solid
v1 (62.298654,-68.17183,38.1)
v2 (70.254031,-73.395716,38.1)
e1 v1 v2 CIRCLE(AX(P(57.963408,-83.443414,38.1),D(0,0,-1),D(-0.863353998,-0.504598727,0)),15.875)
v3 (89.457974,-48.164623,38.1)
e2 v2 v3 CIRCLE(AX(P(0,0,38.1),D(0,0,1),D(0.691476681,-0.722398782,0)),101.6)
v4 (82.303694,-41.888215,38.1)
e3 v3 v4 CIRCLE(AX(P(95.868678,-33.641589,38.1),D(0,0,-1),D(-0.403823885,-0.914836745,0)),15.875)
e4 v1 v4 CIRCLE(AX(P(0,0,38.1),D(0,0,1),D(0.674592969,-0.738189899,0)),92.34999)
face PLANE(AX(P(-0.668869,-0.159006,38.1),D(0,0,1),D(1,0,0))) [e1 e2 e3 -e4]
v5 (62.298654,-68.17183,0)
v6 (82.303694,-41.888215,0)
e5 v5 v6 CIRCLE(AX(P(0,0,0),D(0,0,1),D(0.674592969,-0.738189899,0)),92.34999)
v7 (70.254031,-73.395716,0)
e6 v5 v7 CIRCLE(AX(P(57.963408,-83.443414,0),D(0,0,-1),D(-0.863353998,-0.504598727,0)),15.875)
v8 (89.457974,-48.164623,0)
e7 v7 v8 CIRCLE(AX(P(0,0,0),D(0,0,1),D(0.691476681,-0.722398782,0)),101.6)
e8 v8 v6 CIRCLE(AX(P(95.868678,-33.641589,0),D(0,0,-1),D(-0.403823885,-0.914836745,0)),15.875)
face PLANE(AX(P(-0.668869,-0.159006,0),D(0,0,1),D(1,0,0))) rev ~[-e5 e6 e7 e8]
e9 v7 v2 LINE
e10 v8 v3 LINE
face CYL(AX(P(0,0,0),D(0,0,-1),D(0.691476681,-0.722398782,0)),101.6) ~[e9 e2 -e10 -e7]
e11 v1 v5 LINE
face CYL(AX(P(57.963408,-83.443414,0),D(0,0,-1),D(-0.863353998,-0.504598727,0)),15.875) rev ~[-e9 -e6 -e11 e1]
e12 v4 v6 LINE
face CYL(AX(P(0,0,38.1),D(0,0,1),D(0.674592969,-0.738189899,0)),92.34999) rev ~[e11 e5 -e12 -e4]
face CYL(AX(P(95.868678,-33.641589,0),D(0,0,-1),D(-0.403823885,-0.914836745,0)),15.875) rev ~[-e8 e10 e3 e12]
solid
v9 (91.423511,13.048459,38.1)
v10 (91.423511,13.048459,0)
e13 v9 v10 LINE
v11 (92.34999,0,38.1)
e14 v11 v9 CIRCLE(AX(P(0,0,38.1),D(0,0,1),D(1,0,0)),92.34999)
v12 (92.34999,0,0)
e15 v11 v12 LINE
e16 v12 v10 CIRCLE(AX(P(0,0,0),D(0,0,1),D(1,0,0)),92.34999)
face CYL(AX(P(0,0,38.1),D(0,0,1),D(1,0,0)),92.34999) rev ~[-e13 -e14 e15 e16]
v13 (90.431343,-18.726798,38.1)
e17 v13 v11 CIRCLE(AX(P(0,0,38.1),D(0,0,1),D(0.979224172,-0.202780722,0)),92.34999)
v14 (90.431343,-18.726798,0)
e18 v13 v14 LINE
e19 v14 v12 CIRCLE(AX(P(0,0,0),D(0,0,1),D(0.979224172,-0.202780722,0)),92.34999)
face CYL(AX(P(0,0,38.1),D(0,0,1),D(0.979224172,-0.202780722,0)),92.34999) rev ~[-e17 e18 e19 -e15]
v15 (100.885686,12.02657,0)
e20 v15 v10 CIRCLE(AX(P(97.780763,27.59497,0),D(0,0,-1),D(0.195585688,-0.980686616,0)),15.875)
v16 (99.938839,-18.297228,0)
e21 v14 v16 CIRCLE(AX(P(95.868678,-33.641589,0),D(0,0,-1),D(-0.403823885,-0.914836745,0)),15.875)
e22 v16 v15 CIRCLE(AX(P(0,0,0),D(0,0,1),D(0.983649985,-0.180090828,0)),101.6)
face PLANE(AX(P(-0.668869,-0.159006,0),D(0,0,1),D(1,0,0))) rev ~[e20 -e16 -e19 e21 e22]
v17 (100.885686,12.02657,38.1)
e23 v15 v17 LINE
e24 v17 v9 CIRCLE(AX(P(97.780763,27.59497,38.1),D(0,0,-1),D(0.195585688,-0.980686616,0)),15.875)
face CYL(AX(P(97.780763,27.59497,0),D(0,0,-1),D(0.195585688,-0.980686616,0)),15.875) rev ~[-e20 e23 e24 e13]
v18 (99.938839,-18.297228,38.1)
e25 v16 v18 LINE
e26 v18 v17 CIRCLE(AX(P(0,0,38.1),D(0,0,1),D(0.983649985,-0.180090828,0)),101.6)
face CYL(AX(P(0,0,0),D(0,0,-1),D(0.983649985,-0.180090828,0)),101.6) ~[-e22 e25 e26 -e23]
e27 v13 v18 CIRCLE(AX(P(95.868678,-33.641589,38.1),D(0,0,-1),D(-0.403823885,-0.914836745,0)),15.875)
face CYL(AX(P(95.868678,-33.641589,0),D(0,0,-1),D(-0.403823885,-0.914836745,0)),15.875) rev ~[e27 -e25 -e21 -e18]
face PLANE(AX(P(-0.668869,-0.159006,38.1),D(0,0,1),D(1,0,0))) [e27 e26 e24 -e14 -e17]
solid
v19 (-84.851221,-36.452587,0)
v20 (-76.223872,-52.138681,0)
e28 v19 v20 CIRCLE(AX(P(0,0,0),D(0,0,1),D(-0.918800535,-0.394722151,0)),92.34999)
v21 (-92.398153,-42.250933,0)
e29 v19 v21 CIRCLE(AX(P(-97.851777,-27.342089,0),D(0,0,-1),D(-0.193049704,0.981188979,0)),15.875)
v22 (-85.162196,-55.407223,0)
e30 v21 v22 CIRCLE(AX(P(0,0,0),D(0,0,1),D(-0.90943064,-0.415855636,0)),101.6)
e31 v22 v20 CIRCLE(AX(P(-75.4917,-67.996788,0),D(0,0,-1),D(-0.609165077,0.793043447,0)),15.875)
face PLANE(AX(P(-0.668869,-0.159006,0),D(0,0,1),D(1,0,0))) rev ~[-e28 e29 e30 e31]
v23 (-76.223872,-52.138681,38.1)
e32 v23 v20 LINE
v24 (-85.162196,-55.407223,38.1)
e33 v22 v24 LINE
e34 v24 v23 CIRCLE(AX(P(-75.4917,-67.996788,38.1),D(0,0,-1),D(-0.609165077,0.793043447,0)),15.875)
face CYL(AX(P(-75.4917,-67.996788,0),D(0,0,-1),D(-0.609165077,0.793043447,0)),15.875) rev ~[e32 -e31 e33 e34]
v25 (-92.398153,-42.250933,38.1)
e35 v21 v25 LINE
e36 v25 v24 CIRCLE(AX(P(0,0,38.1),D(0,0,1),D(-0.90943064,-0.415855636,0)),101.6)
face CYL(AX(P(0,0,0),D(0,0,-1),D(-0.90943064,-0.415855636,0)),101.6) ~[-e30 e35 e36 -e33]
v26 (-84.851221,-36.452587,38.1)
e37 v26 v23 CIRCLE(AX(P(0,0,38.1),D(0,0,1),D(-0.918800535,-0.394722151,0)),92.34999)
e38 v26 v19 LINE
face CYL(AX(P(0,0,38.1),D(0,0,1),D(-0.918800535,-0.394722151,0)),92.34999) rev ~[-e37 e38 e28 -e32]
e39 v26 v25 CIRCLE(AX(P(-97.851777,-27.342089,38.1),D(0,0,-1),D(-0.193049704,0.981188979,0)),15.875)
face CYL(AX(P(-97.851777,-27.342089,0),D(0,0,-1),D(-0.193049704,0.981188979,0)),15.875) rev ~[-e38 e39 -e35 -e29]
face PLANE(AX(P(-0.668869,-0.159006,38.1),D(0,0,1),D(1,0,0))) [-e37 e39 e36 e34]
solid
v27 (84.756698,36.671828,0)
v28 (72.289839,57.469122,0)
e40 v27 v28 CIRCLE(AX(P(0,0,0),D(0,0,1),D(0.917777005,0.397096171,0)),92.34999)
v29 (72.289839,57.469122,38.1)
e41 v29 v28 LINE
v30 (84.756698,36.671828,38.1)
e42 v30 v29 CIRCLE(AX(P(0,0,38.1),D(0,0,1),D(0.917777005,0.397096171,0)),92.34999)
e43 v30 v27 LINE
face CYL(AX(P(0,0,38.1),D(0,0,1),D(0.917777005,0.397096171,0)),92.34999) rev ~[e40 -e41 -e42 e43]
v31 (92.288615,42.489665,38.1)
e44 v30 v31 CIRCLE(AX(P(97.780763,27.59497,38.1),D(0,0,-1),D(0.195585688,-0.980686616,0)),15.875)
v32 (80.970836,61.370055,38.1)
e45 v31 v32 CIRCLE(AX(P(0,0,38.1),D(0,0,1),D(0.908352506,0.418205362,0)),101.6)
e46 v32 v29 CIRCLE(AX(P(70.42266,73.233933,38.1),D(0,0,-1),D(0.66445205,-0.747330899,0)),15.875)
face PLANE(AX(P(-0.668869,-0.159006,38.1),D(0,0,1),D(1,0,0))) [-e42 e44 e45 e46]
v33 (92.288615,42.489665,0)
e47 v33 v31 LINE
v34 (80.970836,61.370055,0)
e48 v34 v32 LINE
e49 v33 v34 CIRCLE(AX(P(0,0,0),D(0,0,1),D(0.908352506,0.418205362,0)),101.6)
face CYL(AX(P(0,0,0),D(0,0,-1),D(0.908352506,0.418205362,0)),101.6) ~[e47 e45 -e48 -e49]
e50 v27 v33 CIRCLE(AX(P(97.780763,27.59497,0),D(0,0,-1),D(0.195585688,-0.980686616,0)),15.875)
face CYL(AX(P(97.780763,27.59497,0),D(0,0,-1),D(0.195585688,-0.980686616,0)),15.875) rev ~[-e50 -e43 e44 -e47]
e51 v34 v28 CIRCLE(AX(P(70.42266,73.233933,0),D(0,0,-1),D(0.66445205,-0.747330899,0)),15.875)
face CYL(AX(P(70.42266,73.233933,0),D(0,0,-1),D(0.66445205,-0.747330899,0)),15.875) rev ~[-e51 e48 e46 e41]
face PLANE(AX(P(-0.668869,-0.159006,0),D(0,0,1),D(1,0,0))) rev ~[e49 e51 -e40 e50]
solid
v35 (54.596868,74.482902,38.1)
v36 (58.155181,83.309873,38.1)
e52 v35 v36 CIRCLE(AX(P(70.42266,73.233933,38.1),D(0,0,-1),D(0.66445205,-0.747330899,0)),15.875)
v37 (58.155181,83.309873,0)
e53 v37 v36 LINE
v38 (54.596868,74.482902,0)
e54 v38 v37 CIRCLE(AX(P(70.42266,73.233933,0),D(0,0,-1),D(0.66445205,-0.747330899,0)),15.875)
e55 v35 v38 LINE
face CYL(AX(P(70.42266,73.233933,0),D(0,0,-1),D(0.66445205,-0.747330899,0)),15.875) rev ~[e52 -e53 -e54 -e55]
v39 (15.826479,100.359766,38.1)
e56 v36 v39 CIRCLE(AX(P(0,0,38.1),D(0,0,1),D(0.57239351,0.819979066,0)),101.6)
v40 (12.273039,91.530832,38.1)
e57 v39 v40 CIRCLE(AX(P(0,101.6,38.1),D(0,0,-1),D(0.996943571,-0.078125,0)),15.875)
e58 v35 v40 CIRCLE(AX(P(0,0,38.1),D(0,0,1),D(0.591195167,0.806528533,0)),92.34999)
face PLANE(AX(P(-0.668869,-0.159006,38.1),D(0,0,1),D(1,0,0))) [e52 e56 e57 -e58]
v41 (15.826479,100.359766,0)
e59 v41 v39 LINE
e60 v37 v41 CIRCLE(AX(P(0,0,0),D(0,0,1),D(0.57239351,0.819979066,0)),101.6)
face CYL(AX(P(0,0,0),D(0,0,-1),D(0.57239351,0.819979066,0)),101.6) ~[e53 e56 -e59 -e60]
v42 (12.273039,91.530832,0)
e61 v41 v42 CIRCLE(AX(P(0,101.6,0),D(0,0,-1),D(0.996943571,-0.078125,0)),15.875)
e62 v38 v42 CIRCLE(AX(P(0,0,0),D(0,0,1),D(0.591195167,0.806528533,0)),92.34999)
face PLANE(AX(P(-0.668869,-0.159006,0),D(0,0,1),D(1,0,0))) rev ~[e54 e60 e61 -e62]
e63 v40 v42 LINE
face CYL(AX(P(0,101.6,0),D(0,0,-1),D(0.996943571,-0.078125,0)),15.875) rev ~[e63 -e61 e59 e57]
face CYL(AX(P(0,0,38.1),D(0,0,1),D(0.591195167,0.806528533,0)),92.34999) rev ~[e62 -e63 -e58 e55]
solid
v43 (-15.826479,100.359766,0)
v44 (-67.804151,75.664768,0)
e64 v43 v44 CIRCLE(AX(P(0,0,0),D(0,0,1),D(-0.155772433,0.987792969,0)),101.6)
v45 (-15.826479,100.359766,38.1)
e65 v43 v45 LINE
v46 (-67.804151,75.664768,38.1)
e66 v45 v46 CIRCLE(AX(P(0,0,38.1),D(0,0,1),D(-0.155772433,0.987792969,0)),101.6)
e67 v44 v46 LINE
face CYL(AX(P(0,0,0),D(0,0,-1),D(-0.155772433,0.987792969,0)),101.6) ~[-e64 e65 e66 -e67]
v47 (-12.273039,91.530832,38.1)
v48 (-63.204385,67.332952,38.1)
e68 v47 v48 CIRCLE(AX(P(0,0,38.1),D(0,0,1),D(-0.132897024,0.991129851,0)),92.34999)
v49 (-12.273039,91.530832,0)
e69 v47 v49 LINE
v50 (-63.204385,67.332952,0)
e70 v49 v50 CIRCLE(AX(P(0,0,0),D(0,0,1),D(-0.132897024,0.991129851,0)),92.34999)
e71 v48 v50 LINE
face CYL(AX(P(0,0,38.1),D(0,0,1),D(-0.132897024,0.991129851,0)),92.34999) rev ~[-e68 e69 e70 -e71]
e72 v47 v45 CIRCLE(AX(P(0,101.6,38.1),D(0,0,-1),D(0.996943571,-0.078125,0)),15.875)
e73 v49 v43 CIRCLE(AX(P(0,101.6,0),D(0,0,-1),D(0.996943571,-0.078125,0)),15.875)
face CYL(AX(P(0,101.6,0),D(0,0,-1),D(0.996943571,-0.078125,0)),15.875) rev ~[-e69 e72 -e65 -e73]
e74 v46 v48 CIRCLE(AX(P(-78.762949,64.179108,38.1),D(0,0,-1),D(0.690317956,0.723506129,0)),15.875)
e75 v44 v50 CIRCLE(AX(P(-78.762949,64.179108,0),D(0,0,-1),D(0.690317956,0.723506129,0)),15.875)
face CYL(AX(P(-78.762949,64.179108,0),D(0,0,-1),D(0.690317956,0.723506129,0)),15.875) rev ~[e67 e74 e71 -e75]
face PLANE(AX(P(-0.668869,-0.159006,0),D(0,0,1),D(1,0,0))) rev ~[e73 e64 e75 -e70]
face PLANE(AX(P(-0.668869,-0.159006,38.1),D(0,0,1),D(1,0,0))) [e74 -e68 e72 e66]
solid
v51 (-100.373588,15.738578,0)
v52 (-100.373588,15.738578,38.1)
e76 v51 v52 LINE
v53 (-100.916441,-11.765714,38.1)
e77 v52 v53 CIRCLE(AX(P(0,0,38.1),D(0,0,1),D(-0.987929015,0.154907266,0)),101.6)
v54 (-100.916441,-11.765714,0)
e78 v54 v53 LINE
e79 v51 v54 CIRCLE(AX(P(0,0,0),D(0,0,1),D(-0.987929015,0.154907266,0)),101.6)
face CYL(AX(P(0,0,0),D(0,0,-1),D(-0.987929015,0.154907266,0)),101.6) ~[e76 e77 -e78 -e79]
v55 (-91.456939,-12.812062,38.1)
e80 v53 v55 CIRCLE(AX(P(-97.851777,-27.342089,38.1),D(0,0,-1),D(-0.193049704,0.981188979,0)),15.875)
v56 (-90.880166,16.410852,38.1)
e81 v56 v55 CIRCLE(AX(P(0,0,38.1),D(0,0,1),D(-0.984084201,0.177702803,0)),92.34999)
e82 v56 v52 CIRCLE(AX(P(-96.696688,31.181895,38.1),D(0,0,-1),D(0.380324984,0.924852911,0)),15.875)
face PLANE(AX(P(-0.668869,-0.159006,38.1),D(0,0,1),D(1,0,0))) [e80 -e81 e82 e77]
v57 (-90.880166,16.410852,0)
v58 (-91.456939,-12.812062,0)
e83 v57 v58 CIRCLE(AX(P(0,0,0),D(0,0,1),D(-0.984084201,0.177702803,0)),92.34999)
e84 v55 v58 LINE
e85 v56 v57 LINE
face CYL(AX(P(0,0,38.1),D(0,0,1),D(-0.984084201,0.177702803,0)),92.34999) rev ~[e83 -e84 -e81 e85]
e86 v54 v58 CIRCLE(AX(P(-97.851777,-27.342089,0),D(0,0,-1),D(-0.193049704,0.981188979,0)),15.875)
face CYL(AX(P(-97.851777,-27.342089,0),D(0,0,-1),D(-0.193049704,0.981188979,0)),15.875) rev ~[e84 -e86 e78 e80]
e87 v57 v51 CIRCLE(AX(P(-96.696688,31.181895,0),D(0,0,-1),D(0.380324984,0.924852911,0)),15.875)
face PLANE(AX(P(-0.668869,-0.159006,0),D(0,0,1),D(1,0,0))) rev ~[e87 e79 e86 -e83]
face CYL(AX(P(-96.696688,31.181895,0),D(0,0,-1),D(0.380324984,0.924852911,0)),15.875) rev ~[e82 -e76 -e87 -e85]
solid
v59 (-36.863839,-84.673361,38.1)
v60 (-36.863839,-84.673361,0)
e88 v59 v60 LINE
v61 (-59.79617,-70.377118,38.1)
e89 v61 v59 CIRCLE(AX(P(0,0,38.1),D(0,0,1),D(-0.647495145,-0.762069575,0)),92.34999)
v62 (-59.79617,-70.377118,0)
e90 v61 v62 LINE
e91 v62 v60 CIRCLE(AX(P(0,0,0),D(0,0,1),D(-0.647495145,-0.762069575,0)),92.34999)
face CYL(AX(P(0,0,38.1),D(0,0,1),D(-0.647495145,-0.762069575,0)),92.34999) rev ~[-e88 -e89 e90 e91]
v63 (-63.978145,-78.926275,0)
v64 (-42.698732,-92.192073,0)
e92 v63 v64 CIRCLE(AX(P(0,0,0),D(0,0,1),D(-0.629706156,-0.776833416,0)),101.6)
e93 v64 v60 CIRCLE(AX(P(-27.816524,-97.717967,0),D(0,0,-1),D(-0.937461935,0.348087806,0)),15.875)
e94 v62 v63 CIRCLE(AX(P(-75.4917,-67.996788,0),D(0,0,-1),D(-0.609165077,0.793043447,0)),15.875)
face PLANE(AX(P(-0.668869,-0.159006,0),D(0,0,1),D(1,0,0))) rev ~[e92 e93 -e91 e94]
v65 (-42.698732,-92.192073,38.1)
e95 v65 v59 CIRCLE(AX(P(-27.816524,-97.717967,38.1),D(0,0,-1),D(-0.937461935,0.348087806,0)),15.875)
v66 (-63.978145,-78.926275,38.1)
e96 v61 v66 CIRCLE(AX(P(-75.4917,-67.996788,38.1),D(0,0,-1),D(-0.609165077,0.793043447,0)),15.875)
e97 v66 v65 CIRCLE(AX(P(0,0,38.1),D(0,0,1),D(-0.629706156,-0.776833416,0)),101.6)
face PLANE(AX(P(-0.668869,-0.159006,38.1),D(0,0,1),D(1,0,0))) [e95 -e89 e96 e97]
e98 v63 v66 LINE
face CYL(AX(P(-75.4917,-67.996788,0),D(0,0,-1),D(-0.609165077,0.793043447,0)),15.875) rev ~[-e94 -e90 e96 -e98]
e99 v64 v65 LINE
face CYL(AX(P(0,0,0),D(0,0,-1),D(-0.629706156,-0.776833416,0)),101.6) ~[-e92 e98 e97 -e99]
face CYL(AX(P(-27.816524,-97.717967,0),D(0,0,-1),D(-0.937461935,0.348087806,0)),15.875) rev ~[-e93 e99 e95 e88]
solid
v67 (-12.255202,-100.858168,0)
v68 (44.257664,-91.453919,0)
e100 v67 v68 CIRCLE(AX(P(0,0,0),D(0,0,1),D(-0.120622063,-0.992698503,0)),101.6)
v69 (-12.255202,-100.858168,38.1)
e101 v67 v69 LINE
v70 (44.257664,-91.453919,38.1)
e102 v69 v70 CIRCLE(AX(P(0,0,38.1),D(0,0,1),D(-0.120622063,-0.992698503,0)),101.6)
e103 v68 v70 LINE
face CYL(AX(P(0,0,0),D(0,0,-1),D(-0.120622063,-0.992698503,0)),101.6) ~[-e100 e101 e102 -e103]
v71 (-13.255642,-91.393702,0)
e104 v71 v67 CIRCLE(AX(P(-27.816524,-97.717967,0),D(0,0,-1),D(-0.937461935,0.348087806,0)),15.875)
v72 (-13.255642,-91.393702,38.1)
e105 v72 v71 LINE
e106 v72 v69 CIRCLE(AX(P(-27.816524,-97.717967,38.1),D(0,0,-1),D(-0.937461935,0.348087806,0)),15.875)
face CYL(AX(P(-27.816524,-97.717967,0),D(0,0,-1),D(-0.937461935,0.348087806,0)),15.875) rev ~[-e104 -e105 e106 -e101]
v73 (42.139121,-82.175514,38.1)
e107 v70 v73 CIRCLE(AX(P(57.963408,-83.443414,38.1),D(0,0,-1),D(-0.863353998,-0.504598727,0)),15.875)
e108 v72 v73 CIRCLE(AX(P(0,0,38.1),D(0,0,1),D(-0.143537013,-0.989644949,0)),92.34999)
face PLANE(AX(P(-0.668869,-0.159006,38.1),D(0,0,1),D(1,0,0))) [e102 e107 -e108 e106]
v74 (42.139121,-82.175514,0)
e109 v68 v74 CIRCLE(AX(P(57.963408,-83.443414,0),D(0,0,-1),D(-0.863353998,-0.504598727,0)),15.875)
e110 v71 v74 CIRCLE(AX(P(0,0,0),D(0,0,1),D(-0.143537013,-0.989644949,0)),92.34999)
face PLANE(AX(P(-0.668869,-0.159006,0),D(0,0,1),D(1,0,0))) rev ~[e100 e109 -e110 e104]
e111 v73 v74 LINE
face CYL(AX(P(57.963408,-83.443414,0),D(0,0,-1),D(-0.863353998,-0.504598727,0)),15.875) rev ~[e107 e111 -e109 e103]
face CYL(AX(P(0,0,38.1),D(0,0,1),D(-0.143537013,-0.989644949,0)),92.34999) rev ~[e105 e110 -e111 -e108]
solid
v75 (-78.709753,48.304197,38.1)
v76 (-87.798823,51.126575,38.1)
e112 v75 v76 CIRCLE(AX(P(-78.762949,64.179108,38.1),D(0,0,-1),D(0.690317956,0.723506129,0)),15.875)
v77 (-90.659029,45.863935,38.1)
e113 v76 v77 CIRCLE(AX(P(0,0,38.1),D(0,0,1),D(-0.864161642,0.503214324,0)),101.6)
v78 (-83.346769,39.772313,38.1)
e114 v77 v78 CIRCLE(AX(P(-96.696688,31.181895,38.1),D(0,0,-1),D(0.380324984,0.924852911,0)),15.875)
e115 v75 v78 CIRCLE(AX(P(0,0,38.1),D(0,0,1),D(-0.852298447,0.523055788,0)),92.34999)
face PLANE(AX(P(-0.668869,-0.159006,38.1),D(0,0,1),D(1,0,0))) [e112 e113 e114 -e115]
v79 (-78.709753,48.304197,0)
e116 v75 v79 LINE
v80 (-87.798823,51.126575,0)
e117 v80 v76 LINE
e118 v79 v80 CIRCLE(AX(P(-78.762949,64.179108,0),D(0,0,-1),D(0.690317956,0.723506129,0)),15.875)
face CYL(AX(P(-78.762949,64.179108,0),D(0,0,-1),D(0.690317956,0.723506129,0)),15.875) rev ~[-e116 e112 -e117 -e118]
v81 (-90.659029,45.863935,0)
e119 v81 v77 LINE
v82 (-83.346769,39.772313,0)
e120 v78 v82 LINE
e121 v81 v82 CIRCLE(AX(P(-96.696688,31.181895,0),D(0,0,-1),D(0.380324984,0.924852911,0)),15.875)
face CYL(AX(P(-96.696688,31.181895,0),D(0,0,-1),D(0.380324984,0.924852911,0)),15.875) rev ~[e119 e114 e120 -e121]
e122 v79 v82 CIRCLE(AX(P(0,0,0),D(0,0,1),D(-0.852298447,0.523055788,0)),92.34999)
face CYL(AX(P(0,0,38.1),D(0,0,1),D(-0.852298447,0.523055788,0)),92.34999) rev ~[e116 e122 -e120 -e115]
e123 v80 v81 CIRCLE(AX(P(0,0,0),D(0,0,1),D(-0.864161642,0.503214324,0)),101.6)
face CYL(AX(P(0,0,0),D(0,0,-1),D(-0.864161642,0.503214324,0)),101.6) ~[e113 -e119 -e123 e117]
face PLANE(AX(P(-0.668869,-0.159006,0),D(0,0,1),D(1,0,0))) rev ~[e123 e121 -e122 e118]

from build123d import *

# Parameters (mm, degrees)
F1_DEPTH = 38.1
F3_DEPTH = 38.1


with BuildPart() as f1:
    # F0 (on Top) → F1 (new body)
    with BuildSketch(Plane.XY):
        with BuildLine():
            ThreePointArc((-67.8041513063, 75.6647676639), (-66.4562381049, 54.1511222593), (-87.7988228676, 51.1265753113))
            ThreePointArc((-87.7988228676, 51.1265753113), (-89.2677155553, 48.5163370375), (-90.659028675, 45.8639348475))
            ThreePointArc((-90.659028675, 45.8639348475), (-81.5878303294, 26.3097238134), (-100.3735879412, 15.7385782016))
            ThreePointArc((-100.3735879412, 15.7385782016), (-101.5802166535, 2.0048901786), (-100.916440548, -11.7657140508))
            ThreePointArc((-100.916440548, -11.7657140508), (-82.5624364225, -23.0698876674), (-92.3981530662, -42.2509326519))
            ThreePointArc((-92.3981530662, -42.2509326519), (-89.0235438809, -48.9629312326), (-85.1621957502, -55.4072234913))
            ThreePointArc((-85.1621957502, -55.4072234913), (-63.6961220061, -57.372290057), (-63.9781454748, -78.9262751029))
            ThreePointArc((-63.9781454748, -78.9262751029), (-53.7492736238, -86.2181859291), (-42.6987324191, -92.1920725974))
            ThreePointArc((-42.6987324191, -92.1920725974), (-23.4701922978, -82.4495342528), (-12.2552016299, -100.8581679043))
            ThreePointArc((-12.2552016299, -100.8581679043), (16.6778107168, -100.2218071564), (44.2576636355, -91.4539185029))
            ThreePointArc((44.2576636355, -91.4539185029), (48.9066257924, -70.4053803242), (70.2540307836, -73.3957162146))
            ThreePointArc((70.2540307836, -73.3957162146), (80.8463551672, -61.5339488102), (89.4579740667, -48.164622659))
            ThreePointArc((89.4579740667, -48.164622659), (80.8891972639, -28.3850909988), (99.9388385083, -18.2972281402))
            ThreePointArc((99.9388385083, -18.2972281402), (101.5505075411, -3.1708702514), (100.885685865, 12.0265700656))
            ThreePointArc((100.885685865, 12.0265700656), (82.5025188361, 23.2832560158), (92.2886146042, 42.4896647955))
            ThreePointArc((92.2886146042, 42.4896647955), (87.1425649708, 52.2372795071), (80.9708364728, 61.3700549201))
            ThreePointArc((80.9708364728, 61.3700549201), (59.4191195204, 61.7911309204), (58.155180645, 83.3098731493))
            ThreePointArc((58.155180645, 83.3098731493), (37.9604558259, 94.2420489669), (15.8264791945, 100.359765625))
            ThreePointArc((15.8264791945, 100.359765625), (0, 85.725), (-15.8264791945, 100.359765625))
            ThreePointArc((-15.8264791945, 100.359765625), (-43.6002445012, 91.7691597403), (-67.8041513063, 75.6647676639))
        make_face()
    extrude(amount=F1_DEPTH)

    # F2 (on face) → F3 (cut)
    with BuildSketch(Plane.XY.offset(38.1)):
        with BuildLine():
            ThreePointArc((90.4313428025, -18.7267977358), (91.8690762665, -9.4124141667), (92.349990333, 0))
            ThreePointArc((92.349990333, 0), (92.1180793924, 6.5406546738), (91.4235113283, 13.0484593306))
            ThreePointArc((91.4235113283, 13.0484593306), (82.5025188361, 23.2832560158), (84.7566975295, 36.6718275846))
            ThreePointArc((84.7566975295, 36.6718275846), (79.2088093764, 47.4814198573), (72.289838517, 57.4691218106))
            ThreePointArc((72.289838517, 57.4691218106), (59.4191195204, 61.7911309204), (54.5968679125, 74.4829022571))
            ThreePointArc((54.5968679125, 74.4829022571), (34.5044067772, 85.6619321954), (12.273038885, 91.5308321334))
            ThreePointArc((12.273038885, 91.5308321334), (0, 85.725), (-12.273038885, 91.5308321334))
            ThreePointArc((-12.273038885, 91.5308321334), (-39.6307299036, 83.4141832173), (-63.2043854773, 67.3329515983))
            ThreePointArc((-63.2043854773, 67.3329515983), (-66.4562381049, 54.1511222593), (-78.7097533199, 48.3041969896))
            ThreePointArc((-78.7097533199, 48.3041969896), (-81.1404790215, 44.0992446496), (-83.3467686042, 39.7723129544))
            ThreePointArc((-83.3467686042, 39.7723129544), (-81.5878303294, 26.3097238134), (-90.8801664091, 16.4108521395))
            ThreePointArc((-90.8801664092, 16.4108521395), (-92.3320081296, 1.8223581557), (-91.4569394823, -12.8120620912))
            ThreePointArc((-91.4569394823, -12.8120620912), (-82.5624364225, -23.0698876674), (-84.8512205342, -36.4525868542))
            ThreePointArc((-84.8512205342, -36.4525868542), (-80.918537567, -44.5051793898), (-76.2238716556, -52.1386814594))
            ThreePointArc((-76.2238716556, -52.1386814594), (-63.6961220061, -57.372290057), (-59.7961703598, -70.3771179063))
            ThreePointArc((-59.7961703598, -70.3771179063), (-48.8557568855, -78.3685889477), (-36.8638386851, -84.6733612885))
            ThreePointArc((-36.8638386851, -84.6733612885), (-23.4701922978, -82.4495342528), (-13.2556417779, -91.3937015092))
            ThreePointArc((-13.2556417779, -91.3937015092), (15.1594060873, -91.0972728548), (42.1391214369, -82.175514352))
            ThreePointArc((42.1391214369, -82.175514352), (48.9066257924, -70.4053803242), (62.2986541388, -68.1718300106))
            ThreePointArc((62.2986541388, -68.1718300106), (73.4858279346, -55.9316887576), (82.3036944949, -41.8882153712))
            ThreePointArc((82.3036944949, -41.8882153712), (80.8891972639, -28.3850909988), (90.4313428025, -18.7267977358))
        make_face()
    extrude(amount=-F3_DEPTH, mode=Mode.SUBTRACT)


solid = f1.part
